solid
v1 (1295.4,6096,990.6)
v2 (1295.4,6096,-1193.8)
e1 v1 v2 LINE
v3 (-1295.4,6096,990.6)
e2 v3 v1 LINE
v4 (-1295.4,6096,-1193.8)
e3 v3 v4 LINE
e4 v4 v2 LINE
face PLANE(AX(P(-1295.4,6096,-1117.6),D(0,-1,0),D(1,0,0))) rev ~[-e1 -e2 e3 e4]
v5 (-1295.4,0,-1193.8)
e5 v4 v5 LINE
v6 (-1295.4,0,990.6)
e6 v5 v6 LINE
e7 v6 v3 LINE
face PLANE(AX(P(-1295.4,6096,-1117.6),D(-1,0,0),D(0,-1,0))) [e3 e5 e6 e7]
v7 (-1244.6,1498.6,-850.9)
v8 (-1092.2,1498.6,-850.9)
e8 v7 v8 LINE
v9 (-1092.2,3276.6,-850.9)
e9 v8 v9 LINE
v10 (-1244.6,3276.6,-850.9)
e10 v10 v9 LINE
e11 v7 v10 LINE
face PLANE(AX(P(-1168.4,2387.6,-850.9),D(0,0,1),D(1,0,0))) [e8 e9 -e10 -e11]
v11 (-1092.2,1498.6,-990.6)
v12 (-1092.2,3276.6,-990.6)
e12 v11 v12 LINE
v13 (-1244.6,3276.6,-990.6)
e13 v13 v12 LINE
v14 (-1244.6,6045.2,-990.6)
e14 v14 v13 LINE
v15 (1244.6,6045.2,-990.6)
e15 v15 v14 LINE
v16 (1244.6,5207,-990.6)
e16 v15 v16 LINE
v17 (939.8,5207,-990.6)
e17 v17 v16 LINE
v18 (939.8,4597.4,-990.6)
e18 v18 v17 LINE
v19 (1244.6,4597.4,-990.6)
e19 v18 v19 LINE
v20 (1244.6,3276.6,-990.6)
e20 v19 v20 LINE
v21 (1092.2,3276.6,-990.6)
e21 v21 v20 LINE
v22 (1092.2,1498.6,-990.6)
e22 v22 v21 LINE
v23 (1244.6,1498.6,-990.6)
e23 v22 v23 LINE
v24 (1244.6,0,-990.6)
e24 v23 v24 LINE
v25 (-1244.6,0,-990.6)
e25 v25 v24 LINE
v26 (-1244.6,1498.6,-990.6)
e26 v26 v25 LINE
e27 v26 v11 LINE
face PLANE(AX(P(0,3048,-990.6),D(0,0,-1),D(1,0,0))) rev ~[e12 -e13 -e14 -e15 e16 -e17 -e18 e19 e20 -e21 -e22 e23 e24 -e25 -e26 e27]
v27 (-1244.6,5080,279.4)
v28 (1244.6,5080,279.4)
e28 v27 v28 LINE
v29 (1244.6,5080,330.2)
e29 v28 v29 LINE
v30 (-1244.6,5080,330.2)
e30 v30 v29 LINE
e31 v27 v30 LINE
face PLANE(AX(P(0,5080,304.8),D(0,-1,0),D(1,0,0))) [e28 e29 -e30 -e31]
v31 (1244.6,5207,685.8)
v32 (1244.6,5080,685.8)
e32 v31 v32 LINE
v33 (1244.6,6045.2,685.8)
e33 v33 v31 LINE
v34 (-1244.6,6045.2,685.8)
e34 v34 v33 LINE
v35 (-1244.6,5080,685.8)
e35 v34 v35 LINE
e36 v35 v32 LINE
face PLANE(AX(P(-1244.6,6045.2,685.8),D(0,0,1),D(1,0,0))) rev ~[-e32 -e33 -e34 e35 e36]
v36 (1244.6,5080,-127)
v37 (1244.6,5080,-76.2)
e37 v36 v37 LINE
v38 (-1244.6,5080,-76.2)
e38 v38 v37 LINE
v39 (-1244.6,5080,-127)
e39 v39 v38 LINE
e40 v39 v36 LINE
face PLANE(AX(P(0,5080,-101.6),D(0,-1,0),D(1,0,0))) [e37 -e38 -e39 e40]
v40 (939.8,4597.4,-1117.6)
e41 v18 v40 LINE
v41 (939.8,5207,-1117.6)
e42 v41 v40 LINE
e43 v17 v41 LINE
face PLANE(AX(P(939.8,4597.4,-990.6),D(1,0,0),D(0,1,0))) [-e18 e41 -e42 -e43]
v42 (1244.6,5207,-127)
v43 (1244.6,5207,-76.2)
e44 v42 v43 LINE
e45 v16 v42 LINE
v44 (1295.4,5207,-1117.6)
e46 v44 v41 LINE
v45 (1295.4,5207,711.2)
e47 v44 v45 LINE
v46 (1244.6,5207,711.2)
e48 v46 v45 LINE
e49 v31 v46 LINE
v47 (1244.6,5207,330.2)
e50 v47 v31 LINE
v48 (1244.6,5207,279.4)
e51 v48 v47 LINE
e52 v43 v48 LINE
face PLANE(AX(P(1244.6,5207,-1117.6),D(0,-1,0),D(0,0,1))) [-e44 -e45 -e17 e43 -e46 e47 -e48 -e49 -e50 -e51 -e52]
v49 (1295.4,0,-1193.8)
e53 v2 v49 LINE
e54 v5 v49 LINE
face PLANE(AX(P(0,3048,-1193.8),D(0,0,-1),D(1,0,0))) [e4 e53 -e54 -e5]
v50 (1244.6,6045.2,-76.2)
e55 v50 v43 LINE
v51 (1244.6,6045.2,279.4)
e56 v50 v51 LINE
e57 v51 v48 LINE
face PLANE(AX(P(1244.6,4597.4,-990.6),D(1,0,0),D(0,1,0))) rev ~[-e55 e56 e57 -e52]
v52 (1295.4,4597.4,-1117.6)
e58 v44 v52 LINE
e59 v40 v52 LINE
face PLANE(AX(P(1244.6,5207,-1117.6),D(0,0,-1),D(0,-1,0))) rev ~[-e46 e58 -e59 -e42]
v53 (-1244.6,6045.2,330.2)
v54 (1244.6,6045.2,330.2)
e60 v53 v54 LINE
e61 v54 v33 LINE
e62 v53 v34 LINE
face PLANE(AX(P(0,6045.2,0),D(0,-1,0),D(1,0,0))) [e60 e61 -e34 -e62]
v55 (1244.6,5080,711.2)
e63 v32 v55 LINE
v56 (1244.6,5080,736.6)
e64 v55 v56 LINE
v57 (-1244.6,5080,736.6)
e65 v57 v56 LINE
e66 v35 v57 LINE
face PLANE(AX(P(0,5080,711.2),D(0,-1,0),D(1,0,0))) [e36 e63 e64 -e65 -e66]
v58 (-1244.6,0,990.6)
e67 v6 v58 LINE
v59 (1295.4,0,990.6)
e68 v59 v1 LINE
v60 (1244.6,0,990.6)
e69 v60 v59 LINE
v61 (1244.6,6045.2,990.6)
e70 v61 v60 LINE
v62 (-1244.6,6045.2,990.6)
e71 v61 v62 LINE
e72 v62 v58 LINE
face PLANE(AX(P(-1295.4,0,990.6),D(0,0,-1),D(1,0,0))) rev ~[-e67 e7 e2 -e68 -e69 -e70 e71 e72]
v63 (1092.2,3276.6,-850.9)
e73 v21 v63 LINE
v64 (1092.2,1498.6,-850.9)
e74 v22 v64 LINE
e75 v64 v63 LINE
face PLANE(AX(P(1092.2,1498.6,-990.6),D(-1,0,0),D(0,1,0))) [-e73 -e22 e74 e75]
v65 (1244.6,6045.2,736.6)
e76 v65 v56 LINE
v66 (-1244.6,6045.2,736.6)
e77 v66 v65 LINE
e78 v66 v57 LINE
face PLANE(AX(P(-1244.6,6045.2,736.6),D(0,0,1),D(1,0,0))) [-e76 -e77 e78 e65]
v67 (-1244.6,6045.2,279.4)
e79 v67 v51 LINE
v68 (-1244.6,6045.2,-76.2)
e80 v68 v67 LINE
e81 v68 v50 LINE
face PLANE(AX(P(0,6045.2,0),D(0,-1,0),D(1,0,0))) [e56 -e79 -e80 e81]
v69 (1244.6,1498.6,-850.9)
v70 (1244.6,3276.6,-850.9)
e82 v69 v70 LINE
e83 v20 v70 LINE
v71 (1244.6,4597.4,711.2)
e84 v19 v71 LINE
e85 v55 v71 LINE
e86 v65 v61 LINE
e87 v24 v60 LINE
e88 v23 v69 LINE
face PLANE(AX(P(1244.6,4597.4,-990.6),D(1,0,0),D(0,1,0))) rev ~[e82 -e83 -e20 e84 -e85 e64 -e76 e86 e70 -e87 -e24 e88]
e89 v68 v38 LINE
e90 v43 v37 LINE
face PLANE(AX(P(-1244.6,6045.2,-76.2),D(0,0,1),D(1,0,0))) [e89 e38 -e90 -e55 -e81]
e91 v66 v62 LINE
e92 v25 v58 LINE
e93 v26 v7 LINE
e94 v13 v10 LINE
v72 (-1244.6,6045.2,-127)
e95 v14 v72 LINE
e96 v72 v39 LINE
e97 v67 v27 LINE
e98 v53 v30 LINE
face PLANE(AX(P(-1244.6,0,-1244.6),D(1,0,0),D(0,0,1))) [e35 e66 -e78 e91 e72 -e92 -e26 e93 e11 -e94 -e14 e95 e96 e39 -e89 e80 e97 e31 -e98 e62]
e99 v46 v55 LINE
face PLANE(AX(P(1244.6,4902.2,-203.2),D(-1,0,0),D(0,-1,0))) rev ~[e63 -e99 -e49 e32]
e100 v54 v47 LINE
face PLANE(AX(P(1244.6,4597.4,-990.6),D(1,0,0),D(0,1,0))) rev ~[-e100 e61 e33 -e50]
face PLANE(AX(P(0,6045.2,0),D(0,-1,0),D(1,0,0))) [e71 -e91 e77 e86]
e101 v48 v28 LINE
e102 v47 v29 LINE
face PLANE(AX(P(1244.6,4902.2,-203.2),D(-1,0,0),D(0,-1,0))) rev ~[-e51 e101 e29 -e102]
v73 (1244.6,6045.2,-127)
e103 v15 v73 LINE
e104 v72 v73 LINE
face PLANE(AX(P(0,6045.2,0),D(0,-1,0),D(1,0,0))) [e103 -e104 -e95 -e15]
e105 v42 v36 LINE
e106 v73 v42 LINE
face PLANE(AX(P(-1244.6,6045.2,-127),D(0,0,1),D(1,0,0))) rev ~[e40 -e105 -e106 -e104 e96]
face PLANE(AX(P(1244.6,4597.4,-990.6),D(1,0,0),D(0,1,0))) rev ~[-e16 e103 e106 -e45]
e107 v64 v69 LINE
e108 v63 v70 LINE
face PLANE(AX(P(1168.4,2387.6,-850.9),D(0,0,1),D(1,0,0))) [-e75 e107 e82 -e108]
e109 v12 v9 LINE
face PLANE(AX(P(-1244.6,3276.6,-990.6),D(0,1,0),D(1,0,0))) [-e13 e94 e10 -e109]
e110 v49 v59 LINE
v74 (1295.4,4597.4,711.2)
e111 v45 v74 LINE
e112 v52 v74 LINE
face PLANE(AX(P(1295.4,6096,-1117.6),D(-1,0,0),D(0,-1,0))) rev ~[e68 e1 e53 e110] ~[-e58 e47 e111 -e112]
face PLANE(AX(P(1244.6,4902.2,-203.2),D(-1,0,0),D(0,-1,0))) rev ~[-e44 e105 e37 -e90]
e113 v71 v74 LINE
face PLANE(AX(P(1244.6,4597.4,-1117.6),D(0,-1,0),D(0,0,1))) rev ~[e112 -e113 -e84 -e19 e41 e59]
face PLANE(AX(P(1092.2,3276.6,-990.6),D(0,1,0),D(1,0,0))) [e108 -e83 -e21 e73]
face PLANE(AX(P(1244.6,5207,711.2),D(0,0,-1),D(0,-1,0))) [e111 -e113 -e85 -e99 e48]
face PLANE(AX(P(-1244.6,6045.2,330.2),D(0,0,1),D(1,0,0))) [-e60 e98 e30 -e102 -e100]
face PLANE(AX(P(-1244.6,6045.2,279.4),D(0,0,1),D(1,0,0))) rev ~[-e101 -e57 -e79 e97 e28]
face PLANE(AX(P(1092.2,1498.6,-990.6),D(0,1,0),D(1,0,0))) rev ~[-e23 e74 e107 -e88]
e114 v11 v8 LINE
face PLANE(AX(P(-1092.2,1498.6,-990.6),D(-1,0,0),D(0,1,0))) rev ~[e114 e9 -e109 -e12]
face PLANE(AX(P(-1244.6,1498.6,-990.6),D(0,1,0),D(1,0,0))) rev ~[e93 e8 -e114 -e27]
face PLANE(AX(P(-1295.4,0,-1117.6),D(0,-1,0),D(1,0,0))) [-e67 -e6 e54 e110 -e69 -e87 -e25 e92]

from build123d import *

# Parameters (mm, degrees)
F0_W      = 2590.8
F0_H      = 1981.2
F1_DEPTH  = 6096
F2_W      = 2489.2
F2_H      = 2489.2
F3_DEPTH  = 6045.2
F4_W      = 2489.2
F4_H      = 6045.2
F5_DEPTH  = 76.2
F6_W      = 2590.8
F6_H      = 6096
F7_DEPTH  = 127
F8_W      = 304.8
F8_H      = 609.6
F9_DEPTH  = 139.7
F10_W     = 2590.8
F10_H     = 6096
F11_DEPTH = 76.2
F12_W     = 152.4
F12_H     = 1778
F13_DEPTH = 139.7
F14_W     = 2489.2
F14_H     = 50.8
F15_DEPTH = 965.2
F16_W     = 609.6
F16_H     = 1828.8
F17_DEPTH = 50.801


with BuildPart() as f1:
    # F0 (on Front) → F1 (new body)
    with BuildSketch(Plane.XZ):
        Rectangle(F0_W, F0_H)
    extrude(amount=-F1_DEPTH)

    # F2 (on face) → F3 (cut)
    with BuildSketch(Plane.XZ):
        Rectangle(F2_W, F2_H)
    extrude(amount=-F3_DEPTH, mode=Mode.SUBTRACT)

    # F4 (on face) → F5 (cut)
    with BuildSketch(Plane.XY.offset(990.6)):
        with Locations((0, 3022.6)):
            Rectangle(F4_W, F4_H)
    extrude(amount=-F5_DEPTH, mode=Mode.SUBTRACT)

    # F6 (on face) → F7 (join)
    with BuildSketch(Plane(origin=(0, 0, -990.6), x_dir=(1, 0, 0), z_dir=(0, 0, -1))):
        with Locations((0, -3048)):
            Rectangle(F6_W, F6_H)
    extrude(amount=F7_DEPTH)

    # F8 (on face) → F9 (cut)
    with BuildSketch(Plane.XY.offset(-990.6)):
        with Locations((1092.2, 4902.2)):
            Rectangle(F8_W, F8_H)
    extrude(amount=-F9_DEPTH, mode=Mode.SUBTRACT)

    # F10 (on face) → F11 (join)
    with BuildSketch(Plane(origin=(0, 0, -1117.6), x_dir=(1, 0, 0), z_dir=(0, 0, -1))):
        with Locations((0, -3048)):
            Rectangle(F10_W, F10_H)
    extrude(amount=F11_DEPTH)

    # F12 (on face) → F13 (join)
    with BuildSketch(Plane.XY.offset(-990.6)):
        with Locations((1168.4, 2387.6)):
            Rectangle(F12_W, F12_H)
        with Locations((-1168.4, 2387.6)):
            Rectangle(F12_W, F12_H)
    extrude(amount=F13_DEPTH)

    # F14 (on face) → F15 (join)
    with BuildSketch(Plane.XZ.offset(-6045.2)):
        with Locations((0, 711.2)):
            Rectangle(F14_W, F14_H)
        with Locations((0, 304.8)):
            Rectangle(F14_W, F14_H)
        with Locations((0, -101.6)):
            Rectangle(F14_W, F14_H)
    extrude(amount=F15_DEPTH)

    # F16 (on face) → F17 (cut, through all)
    with BuildSketch(Plane(origin=(1244.6, 0, 0), x_dir=(0, -1, 0), z_dir=(-1, 0, 0))):
        with Locations((-4902.2, -203.2)):
            Rectangle(F16_W, F16_H)
    extrude(amount=-F17_DEPTH, mode=Mode.SUBTRACT)


solid = f1.part
